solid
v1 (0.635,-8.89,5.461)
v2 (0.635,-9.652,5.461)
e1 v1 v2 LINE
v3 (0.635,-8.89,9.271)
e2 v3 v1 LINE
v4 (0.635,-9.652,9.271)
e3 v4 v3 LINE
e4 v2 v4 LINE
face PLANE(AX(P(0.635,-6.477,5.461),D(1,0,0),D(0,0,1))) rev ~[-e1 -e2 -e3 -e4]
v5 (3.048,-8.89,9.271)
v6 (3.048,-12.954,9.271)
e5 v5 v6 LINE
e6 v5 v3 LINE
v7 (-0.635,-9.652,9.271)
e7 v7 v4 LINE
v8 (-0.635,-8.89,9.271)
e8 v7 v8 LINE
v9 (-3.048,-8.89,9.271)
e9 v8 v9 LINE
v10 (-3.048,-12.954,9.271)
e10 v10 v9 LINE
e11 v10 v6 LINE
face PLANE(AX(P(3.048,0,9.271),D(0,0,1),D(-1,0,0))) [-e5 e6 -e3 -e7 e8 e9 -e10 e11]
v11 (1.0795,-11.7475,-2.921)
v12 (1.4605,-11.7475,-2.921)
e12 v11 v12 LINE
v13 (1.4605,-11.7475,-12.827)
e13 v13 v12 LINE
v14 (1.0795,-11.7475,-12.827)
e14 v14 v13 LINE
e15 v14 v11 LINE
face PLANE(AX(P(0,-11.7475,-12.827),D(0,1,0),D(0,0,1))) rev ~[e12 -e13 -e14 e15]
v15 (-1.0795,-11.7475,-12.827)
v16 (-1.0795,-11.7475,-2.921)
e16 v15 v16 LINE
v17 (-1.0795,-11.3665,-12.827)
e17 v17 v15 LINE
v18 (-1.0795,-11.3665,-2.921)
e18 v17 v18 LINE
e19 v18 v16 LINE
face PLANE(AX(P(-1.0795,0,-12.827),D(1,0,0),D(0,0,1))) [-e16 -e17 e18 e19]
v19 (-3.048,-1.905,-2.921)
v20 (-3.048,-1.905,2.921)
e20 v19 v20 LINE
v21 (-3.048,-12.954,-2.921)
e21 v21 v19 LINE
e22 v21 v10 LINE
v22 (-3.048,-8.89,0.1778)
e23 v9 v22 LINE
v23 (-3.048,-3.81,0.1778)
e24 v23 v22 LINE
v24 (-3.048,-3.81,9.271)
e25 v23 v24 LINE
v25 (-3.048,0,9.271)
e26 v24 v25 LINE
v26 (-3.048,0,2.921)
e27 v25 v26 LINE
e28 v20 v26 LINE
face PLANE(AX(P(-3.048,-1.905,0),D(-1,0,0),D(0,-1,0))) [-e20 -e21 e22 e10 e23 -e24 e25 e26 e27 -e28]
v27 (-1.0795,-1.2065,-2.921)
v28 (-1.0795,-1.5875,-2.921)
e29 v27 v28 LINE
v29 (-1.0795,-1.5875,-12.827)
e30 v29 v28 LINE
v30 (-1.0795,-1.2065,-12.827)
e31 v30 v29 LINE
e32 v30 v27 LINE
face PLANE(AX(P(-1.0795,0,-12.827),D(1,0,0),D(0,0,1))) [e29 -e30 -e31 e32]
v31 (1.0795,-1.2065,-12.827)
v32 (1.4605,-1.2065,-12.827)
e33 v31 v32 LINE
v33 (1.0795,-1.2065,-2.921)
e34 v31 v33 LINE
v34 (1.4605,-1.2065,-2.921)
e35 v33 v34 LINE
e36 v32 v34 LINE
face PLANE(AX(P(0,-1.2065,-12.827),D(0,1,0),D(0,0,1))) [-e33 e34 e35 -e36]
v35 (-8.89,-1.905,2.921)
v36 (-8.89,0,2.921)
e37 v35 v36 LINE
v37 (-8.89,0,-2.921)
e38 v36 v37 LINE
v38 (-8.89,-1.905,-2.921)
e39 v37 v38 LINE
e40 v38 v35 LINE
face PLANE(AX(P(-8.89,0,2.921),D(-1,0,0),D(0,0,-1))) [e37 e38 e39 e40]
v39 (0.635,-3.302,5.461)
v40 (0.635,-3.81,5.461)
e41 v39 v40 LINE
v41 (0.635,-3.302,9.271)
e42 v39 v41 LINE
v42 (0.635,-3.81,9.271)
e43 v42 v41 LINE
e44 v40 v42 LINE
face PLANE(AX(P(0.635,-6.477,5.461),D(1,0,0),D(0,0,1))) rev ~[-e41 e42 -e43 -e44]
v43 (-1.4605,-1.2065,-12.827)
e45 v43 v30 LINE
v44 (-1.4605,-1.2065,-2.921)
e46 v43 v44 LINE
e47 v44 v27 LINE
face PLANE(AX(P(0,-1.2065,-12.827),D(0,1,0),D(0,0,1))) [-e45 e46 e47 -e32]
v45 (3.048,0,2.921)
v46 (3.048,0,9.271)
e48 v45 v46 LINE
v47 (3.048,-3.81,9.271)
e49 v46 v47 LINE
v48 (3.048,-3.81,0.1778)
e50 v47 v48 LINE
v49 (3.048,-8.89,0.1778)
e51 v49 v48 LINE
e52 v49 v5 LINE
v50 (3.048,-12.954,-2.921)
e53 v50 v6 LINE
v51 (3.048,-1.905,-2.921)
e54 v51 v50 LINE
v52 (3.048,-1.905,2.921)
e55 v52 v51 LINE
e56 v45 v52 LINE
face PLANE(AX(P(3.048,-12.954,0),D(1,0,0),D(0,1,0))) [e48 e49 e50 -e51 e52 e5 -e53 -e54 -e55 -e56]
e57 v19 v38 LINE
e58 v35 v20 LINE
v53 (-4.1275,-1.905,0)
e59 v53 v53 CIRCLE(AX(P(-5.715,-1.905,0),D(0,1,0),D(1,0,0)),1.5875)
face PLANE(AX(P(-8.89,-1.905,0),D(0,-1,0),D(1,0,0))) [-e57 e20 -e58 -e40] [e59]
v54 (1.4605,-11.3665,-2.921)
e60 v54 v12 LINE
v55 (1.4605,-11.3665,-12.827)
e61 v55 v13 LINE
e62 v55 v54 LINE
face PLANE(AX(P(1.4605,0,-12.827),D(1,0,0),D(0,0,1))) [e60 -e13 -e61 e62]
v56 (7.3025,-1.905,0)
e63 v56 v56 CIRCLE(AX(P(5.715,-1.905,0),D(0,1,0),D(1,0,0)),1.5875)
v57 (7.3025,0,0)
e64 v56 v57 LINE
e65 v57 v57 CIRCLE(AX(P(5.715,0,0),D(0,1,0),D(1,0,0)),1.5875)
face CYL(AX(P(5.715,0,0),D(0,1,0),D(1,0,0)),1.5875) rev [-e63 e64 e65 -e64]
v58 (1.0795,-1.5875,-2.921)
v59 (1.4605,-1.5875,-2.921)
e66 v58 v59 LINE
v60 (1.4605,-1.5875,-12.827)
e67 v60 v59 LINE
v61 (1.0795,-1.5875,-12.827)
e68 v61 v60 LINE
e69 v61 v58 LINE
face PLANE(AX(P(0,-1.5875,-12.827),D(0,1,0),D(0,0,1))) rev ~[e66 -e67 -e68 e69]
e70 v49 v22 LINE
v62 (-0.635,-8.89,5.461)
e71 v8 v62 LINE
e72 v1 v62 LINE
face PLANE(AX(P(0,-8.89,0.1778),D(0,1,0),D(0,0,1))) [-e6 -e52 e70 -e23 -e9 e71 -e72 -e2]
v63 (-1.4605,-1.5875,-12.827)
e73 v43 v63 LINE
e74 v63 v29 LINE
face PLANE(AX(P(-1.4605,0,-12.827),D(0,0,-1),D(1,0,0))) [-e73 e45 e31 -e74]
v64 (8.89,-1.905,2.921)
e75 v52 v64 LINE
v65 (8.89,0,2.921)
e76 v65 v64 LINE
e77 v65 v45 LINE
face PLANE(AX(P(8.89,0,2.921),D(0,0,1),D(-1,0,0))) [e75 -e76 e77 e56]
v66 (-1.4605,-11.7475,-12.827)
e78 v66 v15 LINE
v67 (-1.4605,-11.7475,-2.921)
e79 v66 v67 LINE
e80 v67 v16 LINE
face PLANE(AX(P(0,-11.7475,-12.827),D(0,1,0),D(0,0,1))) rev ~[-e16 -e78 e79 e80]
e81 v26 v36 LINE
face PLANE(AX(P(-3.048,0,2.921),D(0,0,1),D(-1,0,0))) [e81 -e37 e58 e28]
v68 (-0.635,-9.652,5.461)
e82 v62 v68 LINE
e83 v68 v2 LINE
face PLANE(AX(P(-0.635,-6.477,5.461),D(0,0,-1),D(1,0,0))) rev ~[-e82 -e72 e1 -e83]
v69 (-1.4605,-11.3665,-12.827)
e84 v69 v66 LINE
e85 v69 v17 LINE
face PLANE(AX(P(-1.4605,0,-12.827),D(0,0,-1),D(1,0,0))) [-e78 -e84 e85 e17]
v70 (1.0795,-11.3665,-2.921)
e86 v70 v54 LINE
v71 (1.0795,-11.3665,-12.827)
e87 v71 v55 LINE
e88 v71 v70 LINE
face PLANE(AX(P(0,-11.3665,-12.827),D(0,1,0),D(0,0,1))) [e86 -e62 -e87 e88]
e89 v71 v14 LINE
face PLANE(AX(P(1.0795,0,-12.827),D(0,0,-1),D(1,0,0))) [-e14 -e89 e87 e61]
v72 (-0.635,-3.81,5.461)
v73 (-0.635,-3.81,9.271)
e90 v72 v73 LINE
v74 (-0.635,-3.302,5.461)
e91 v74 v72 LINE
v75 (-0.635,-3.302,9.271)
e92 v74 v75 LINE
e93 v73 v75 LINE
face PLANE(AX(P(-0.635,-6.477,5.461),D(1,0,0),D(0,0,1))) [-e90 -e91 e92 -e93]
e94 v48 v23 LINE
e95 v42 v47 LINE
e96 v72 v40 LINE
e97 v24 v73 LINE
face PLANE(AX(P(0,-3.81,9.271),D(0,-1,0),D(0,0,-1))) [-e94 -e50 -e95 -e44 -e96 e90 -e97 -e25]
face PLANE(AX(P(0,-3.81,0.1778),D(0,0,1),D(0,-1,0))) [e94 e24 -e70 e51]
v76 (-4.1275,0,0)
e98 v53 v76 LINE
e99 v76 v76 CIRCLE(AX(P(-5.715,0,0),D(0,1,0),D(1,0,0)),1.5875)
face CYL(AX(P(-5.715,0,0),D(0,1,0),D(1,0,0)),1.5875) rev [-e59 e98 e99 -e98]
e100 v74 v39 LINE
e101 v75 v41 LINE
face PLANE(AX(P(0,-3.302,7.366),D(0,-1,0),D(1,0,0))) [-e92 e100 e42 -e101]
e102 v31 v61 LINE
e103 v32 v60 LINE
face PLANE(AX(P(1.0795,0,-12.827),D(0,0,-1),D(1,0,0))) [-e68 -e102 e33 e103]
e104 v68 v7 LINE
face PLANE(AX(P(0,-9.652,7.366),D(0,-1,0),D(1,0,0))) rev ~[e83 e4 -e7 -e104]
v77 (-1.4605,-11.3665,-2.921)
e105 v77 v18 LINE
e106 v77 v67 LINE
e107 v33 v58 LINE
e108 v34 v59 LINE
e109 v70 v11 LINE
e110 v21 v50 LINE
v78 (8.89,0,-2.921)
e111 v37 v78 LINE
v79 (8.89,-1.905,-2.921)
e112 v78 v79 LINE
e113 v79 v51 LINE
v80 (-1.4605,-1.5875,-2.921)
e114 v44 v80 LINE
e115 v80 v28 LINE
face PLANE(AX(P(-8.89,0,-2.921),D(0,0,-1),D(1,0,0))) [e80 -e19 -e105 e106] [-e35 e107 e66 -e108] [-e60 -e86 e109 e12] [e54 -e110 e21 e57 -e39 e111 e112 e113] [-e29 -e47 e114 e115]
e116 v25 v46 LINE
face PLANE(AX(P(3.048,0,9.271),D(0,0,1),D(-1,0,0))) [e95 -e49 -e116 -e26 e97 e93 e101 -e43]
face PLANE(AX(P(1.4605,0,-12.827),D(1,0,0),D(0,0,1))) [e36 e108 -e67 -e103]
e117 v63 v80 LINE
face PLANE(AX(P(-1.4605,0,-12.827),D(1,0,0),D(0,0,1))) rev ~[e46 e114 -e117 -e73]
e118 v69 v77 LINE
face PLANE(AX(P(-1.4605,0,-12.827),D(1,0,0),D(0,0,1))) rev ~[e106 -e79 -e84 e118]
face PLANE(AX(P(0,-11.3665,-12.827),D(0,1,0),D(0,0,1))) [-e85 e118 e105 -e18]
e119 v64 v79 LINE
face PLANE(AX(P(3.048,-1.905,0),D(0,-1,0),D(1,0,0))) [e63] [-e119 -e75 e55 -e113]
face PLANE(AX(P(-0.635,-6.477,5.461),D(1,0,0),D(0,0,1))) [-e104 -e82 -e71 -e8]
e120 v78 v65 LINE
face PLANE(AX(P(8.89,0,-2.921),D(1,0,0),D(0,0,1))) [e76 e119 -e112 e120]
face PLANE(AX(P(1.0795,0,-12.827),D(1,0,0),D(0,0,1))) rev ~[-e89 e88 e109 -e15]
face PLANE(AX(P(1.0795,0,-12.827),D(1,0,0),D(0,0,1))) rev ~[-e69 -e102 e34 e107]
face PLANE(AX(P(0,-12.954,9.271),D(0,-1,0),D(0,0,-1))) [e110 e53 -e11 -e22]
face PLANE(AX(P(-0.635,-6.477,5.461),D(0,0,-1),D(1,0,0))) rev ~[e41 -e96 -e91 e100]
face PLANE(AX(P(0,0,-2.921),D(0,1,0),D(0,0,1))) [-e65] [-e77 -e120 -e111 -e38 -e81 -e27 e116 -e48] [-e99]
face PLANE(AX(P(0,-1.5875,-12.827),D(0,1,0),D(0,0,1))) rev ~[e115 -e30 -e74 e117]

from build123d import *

# Parameters (mm, degrees)
F0_R     = 1.5875
F0_W     = 0.381
F0_H     = 9.906
F1_DEPTH = 127
F2_W     = 0.381
F2_H     = 9.906
F3_DEPTH = 127
F7_DEPTH = 127
F5_W     = 1.27
F5_H     = 3.81
F8_DEPTH = 3.175


with BuildPart() as f1:
    # F0 (on Front) → F1 (new body, symmetric)
    with BuildSketch(Plane.XZ):
        Polygon((-8.89, 2.921), (-8.89, -2.921), (-1.4605, -2.921), (-1.0795, -2.921), (1.0795, -2.921), (1.4605, -2.921), (8.89, -2.921), (8.89, 2.921), (3.048, 2.921), (3.048, 9.271), (-3.048, 9.271), (-3.048, 2.921), align=None)
        with Locations((-5.715, 0)):
            Circle(F0_R, mode=Mode.SUBTRACT)
        with Locations((5.715, 0)):
            Circle(F0_R, mode=Mode.SUBTRACT)
        with Locations((-1.27, -7.874)):
            Rectangle(F0_W, F0_H)
        with Locations((1.27, -7.874)):
            Rectangle(F0_W, F0_H)
    extrude(amount=F1_DEPTH, both=True)

    # F2 (on Right) → F3 (intersect, symmetric)
    with BuildSketch(Plane.YZ):
        Polygon((-8.89, 9.271), (-12.954, 9.271), (-12.954, -2.921), (-11.7475, -2.921), (-11.3665, -2.921), (-1.5875, -2.921), (-1.2065, -2.921), (0, -2.921), (0, 9.271), (-3.81, 9.271), (-3.81, 0.1778), (-8.89, 0.1778), align=None)
        with Locations((-1.397, -7.874)):
            Rectangle(F2_W, F2_H)
        with Locations((-11.557, -7.874)):
            Rectangle(F2_W, F2_H)
    extrude(amount=F3_DEPTH, both=True, mode=Mode.INTERSECT)

    # F6 (on Top) → F7 (intersect, symmetric)
    with BuildSketch(Plane.XY):
        Polygon((8.89, 0), (-8.89, 0), (-8.89, -1.905), (-3.048, -1.905), (-3.048, -12.954), (3.048, -12.954), (3.048, -1.905), (8.89, -1.905), align=None)
    extrude(amount=F7_DEPTH, both=True, mode=Mode.INTERSECT)

    # F5 (on plane+point) → F8 (cut, symmetric)
    with BuildSketch(Plane.XZ.offset(6.477)):
        with Locations((0, 7.366)):
            Rectangle(F5_W, F5_H)
    extrude(amount=F8_DEPTH, both=True, mode=Mode.SUBTRACT)


solid = f1.part
